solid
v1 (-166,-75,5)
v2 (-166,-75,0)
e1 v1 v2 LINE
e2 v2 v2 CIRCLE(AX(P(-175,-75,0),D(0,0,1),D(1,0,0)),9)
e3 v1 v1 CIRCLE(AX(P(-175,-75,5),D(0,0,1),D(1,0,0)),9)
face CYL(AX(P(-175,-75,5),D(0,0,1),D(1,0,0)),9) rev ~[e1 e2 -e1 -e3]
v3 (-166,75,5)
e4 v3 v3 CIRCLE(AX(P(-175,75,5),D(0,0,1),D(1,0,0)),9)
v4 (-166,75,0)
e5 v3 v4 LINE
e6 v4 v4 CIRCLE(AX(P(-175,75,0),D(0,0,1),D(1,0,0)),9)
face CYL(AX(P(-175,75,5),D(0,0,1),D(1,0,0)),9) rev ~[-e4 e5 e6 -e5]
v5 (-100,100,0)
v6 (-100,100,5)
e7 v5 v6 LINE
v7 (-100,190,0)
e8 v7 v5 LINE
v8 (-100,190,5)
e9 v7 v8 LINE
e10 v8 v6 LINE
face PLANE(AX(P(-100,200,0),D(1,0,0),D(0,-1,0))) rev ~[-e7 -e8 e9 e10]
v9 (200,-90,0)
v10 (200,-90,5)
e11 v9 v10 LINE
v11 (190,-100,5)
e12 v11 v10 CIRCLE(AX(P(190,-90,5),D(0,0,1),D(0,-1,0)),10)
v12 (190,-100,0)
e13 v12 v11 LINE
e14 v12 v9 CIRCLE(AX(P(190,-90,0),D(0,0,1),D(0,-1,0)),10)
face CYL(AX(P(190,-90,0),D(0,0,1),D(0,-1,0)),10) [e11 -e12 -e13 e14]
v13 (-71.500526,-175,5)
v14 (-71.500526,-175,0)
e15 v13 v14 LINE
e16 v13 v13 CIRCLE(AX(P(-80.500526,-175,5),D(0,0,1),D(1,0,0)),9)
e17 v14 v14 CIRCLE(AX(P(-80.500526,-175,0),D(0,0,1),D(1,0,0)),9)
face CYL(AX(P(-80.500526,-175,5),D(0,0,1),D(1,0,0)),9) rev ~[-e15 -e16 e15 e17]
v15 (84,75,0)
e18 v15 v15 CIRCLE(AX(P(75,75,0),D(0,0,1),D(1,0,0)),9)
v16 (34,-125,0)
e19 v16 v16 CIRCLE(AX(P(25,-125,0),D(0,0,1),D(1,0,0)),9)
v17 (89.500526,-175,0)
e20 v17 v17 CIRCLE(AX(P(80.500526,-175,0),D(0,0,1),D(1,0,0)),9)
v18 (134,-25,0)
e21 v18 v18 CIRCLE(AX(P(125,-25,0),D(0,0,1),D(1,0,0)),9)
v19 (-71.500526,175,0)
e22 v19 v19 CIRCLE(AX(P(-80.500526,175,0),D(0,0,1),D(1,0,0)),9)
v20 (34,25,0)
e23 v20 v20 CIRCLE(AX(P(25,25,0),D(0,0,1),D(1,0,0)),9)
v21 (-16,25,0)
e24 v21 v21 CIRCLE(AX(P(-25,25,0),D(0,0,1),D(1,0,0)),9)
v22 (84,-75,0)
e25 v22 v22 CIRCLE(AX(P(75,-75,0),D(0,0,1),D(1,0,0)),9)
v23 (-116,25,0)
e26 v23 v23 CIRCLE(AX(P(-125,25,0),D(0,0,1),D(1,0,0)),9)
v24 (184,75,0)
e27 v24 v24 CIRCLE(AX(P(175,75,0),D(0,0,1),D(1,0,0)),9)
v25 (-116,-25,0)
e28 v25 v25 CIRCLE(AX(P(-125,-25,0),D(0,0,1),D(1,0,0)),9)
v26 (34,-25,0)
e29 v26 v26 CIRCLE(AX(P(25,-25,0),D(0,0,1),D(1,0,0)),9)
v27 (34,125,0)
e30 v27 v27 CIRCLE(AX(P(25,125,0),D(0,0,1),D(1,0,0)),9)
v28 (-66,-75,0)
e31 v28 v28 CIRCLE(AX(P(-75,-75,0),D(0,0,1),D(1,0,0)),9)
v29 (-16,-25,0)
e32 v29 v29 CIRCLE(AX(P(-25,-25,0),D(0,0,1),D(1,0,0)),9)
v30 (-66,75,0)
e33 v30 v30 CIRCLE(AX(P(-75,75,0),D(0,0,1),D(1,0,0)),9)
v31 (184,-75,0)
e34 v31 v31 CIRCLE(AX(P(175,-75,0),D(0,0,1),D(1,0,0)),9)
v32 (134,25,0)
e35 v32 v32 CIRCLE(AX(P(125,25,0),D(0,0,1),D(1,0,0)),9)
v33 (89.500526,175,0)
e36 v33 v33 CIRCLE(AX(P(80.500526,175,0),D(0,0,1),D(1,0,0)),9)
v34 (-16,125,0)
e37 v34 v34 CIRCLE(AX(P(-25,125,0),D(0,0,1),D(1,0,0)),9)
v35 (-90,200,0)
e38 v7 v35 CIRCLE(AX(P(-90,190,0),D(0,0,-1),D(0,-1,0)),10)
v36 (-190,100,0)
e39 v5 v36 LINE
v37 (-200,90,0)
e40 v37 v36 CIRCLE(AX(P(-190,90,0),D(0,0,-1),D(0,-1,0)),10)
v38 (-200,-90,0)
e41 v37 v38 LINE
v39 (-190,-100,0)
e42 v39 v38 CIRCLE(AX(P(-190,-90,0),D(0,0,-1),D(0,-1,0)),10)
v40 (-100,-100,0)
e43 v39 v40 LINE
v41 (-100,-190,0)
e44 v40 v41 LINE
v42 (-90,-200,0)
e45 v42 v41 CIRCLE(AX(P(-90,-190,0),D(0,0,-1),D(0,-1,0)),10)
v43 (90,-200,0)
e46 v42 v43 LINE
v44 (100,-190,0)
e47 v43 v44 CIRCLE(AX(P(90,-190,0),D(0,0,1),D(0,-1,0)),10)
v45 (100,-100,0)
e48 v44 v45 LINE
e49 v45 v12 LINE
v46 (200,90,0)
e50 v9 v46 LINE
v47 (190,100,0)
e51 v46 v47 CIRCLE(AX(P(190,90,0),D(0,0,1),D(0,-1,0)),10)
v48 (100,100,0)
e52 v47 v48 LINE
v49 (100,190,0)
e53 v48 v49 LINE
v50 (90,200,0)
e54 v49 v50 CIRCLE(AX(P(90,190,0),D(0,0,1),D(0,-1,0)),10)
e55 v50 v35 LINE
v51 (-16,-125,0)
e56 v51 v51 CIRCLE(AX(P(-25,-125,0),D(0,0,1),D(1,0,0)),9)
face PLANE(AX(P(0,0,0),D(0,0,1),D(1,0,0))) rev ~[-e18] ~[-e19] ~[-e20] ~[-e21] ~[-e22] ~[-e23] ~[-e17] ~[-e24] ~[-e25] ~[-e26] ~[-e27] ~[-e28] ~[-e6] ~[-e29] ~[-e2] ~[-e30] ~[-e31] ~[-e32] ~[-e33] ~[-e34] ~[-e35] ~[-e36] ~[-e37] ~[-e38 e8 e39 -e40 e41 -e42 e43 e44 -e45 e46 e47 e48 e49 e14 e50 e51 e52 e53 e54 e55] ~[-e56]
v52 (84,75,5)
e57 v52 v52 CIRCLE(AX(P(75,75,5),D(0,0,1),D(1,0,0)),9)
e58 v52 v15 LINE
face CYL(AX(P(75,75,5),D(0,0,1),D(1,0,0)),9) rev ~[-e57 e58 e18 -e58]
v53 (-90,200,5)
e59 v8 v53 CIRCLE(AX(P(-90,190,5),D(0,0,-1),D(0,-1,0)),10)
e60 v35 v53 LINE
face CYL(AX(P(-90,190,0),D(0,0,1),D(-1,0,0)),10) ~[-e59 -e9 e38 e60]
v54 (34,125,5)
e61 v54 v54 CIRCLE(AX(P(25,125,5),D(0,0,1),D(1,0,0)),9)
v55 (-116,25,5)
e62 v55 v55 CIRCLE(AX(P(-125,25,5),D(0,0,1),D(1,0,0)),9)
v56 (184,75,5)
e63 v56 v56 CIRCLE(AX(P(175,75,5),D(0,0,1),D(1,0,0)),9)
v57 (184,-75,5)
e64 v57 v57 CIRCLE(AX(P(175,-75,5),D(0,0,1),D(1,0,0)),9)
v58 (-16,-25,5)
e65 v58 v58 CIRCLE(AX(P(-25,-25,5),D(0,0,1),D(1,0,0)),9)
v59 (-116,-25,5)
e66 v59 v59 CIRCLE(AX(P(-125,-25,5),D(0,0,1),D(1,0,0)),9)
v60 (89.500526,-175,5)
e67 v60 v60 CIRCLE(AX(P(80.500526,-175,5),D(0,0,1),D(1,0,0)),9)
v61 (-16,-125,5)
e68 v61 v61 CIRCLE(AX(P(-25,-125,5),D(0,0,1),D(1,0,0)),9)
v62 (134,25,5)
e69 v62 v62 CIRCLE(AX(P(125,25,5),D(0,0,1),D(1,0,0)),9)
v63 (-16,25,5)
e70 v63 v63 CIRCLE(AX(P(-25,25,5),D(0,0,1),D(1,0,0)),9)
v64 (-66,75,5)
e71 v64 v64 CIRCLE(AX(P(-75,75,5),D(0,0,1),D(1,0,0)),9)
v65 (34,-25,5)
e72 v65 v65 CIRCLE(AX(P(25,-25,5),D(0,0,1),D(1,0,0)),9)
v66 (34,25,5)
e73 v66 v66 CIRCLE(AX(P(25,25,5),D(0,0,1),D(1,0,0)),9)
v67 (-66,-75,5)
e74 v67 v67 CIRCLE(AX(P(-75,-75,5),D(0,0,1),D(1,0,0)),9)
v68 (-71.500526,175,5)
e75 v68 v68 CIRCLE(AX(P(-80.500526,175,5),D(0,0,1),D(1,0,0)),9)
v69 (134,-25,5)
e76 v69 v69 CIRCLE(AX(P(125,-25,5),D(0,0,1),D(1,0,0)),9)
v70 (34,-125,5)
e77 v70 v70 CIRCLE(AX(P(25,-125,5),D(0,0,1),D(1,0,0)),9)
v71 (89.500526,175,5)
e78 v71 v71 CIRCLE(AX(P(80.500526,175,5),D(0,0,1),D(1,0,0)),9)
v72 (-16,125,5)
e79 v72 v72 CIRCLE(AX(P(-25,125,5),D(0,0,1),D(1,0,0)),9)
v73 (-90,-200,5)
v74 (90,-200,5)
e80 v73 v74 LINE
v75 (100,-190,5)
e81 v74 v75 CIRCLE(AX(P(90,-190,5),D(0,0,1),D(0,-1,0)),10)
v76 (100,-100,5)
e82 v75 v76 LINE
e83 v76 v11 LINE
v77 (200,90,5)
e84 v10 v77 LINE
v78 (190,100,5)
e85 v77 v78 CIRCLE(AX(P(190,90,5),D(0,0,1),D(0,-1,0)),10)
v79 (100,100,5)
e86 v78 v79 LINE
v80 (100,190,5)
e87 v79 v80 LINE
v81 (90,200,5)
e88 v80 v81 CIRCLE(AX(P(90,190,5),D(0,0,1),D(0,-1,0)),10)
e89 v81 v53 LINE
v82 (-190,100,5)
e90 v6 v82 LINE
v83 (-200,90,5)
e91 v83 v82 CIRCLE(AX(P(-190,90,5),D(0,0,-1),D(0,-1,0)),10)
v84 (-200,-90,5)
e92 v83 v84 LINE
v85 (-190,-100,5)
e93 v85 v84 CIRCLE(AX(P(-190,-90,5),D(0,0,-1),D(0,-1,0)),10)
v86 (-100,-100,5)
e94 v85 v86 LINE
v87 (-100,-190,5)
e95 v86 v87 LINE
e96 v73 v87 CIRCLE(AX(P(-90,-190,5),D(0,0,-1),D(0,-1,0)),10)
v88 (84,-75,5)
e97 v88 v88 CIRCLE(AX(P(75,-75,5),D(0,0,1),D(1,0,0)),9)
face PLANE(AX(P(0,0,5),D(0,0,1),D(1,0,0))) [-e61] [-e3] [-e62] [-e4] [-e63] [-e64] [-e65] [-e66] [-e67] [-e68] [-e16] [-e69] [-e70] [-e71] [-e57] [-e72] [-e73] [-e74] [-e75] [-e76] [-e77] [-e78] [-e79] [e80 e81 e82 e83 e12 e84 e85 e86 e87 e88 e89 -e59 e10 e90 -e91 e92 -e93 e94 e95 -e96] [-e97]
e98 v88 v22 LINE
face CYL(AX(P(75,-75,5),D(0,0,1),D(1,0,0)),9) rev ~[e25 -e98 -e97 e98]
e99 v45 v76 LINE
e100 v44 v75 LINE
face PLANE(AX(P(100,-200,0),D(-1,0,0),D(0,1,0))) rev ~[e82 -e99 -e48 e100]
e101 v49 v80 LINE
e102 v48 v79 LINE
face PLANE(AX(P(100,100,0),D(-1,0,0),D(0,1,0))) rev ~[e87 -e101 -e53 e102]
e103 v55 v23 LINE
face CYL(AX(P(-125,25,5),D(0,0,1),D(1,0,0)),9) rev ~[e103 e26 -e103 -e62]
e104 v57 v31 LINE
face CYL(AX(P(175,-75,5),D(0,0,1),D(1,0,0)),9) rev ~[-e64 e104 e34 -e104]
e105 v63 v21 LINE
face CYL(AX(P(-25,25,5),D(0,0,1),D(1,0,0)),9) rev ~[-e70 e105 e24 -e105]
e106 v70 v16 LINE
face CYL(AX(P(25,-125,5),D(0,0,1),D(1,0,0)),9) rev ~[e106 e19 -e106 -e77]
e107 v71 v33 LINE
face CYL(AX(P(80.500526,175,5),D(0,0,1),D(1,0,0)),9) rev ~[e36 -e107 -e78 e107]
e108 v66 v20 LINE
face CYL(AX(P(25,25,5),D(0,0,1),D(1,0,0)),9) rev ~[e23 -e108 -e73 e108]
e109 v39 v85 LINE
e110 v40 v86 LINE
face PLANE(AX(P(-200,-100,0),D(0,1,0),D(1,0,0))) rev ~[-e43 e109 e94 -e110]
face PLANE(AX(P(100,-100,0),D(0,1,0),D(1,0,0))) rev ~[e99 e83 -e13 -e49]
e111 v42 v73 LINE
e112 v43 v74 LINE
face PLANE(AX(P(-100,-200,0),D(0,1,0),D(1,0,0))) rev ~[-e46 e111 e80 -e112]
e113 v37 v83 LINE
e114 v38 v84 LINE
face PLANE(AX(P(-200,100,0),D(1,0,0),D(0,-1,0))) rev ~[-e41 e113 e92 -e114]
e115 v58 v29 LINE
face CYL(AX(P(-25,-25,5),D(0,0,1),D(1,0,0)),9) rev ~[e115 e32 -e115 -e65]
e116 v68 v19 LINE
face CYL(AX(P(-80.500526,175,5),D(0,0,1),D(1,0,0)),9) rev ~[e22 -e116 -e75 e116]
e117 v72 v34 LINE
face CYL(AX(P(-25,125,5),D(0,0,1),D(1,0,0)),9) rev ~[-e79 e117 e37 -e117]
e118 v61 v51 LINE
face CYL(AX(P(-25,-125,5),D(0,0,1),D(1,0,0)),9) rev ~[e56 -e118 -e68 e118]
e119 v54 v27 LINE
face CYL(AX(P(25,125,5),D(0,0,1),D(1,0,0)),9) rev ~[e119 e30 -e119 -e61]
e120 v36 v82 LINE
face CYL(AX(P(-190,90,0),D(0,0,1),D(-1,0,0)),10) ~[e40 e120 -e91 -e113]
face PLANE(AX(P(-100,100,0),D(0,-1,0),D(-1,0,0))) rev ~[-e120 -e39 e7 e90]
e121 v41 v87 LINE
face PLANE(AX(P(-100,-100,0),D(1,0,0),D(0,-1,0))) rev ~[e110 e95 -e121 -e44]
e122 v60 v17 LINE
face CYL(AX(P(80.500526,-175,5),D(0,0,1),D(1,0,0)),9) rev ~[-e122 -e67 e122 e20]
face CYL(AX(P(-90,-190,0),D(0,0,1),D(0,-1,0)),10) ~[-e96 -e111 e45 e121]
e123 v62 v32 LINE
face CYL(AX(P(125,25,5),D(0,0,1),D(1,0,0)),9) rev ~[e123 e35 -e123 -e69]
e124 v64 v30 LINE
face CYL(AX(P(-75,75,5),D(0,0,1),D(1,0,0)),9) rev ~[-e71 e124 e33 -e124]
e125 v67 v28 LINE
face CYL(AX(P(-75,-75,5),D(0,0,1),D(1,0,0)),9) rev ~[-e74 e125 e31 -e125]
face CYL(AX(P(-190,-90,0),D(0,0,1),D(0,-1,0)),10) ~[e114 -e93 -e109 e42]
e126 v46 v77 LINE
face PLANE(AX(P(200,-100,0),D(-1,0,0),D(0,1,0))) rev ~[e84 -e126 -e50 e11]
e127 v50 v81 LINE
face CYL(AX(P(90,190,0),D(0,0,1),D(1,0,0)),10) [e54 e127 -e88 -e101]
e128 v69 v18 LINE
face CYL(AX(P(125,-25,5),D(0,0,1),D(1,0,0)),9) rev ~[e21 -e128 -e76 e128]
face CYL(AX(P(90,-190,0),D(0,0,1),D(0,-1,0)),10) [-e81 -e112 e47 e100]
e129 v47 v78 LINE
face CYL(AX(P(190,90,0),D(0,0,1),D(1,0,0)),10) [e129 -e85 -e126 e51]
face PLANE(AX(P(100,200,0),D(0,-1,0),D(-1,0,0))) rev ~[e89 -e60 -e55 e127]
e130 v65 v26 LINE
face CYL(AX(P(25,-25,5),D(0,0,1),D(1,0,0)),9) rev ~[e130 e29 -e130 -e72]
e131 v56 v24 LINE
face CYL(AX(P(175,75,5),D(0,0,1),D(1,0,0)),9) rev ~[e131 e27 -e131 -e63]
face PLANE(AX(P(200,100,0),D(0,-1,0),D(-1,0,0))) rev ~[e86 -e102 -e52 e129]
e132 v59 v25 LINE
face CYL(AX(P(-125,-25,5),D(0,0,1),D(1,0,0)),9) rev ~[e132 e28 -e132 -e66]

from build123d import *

# Parameters (mm, degrees)
F1_DEPTH = 5
F2_R     = 9
F3_DEPTH = 25
F4_R     = 10


with BuildPart() as f1:
    # F0 (on Top) → F1 (new body)
    with BuildSketch(Plane.XY):
        Polygon((-100, -200), (0, -200), (100, -200), (100, -100), (200, -100), (200, 0), (200, 100), (100, 100), (100, 200), (0, 200), (-100, 200), (-100, 100), (-200, 100), (-200, 0), (-200, -100), (-100, -100), align=None)
    extrude(amount=F1_DEPTH)

    # F2 (on face) → F3 (cut)
    with BuildSketch(Plane.XY.offset(5)):
        with Locations((25, 25)):
            Circle(F2_R)
        with Locations((75, 75)):
            Circle(F2_R)
        with Locations((125, 25)):
            Circle(F2_R)
        with Locations((175, 75)):
            Circle(F2_R)
        with Locations((25, 125)):
            Circle(F2_R)
        with Locations((80.500526, 175)):
            Circle(F2_R)
        with Locations((80.500526, -175)):
            Circle(F2_R)
        with Locations((25, -125)):
            Circle(F2_R)
        with Locations((175, -75)):
            Circle(F2_R)
        with Locations((75, -75)):
            Circle(F2_R)
        with Locations((125, -25)):
            Circle(F2_R)
        with Locations((25, -25)):
            Circle(F2_R)
        with Locations((-25, -125)):
            Circle(F2_R)
        with Locations((-175, 75)):
            Circle(F2_R)
        with Locations((-175, -75)):
            Circle(F2_R)
        with Locations((-80.500526, 175)):
            Circle(F2_R)
        with Locations((-25, 25)):
            Circle(F2_R)
        with Locations((-125, 25)):
            Circle(F2_R)
        with Locations((-125, -25)):
            Circle(F2_R)
        with Locations((-80.500526, -175)):
            Circle(F2_R)
        with Locations((-25, -25)):
            Circle(F2_R)
        with Locations((-25, 125)):
            Circle(F2_R)
        with Locations((-75, 75)):
            Circle(F2_R)
        with Locations((-75, -75)):
            Circle(F2_R)
    extrude(amount=-F3_DEPTH, mode=Mode.SUBTRACT)

    # F4
    f4_edges = [f1.edges().sort_by_distance(p)[0] for p in [
        (100, -200, 2.5),
        (-100, -200, 2.5),
        (-200, -100, 2.5),
        (-200, 100, 2.5),
        (-100, 200, 2.5),
        (100, 200, 2.5),
        (200, 100, 2.5),
        (200, -100, 2.5),
    ]]
    fillet(f4_edges, radius=F4_R)


solid = f1.part
